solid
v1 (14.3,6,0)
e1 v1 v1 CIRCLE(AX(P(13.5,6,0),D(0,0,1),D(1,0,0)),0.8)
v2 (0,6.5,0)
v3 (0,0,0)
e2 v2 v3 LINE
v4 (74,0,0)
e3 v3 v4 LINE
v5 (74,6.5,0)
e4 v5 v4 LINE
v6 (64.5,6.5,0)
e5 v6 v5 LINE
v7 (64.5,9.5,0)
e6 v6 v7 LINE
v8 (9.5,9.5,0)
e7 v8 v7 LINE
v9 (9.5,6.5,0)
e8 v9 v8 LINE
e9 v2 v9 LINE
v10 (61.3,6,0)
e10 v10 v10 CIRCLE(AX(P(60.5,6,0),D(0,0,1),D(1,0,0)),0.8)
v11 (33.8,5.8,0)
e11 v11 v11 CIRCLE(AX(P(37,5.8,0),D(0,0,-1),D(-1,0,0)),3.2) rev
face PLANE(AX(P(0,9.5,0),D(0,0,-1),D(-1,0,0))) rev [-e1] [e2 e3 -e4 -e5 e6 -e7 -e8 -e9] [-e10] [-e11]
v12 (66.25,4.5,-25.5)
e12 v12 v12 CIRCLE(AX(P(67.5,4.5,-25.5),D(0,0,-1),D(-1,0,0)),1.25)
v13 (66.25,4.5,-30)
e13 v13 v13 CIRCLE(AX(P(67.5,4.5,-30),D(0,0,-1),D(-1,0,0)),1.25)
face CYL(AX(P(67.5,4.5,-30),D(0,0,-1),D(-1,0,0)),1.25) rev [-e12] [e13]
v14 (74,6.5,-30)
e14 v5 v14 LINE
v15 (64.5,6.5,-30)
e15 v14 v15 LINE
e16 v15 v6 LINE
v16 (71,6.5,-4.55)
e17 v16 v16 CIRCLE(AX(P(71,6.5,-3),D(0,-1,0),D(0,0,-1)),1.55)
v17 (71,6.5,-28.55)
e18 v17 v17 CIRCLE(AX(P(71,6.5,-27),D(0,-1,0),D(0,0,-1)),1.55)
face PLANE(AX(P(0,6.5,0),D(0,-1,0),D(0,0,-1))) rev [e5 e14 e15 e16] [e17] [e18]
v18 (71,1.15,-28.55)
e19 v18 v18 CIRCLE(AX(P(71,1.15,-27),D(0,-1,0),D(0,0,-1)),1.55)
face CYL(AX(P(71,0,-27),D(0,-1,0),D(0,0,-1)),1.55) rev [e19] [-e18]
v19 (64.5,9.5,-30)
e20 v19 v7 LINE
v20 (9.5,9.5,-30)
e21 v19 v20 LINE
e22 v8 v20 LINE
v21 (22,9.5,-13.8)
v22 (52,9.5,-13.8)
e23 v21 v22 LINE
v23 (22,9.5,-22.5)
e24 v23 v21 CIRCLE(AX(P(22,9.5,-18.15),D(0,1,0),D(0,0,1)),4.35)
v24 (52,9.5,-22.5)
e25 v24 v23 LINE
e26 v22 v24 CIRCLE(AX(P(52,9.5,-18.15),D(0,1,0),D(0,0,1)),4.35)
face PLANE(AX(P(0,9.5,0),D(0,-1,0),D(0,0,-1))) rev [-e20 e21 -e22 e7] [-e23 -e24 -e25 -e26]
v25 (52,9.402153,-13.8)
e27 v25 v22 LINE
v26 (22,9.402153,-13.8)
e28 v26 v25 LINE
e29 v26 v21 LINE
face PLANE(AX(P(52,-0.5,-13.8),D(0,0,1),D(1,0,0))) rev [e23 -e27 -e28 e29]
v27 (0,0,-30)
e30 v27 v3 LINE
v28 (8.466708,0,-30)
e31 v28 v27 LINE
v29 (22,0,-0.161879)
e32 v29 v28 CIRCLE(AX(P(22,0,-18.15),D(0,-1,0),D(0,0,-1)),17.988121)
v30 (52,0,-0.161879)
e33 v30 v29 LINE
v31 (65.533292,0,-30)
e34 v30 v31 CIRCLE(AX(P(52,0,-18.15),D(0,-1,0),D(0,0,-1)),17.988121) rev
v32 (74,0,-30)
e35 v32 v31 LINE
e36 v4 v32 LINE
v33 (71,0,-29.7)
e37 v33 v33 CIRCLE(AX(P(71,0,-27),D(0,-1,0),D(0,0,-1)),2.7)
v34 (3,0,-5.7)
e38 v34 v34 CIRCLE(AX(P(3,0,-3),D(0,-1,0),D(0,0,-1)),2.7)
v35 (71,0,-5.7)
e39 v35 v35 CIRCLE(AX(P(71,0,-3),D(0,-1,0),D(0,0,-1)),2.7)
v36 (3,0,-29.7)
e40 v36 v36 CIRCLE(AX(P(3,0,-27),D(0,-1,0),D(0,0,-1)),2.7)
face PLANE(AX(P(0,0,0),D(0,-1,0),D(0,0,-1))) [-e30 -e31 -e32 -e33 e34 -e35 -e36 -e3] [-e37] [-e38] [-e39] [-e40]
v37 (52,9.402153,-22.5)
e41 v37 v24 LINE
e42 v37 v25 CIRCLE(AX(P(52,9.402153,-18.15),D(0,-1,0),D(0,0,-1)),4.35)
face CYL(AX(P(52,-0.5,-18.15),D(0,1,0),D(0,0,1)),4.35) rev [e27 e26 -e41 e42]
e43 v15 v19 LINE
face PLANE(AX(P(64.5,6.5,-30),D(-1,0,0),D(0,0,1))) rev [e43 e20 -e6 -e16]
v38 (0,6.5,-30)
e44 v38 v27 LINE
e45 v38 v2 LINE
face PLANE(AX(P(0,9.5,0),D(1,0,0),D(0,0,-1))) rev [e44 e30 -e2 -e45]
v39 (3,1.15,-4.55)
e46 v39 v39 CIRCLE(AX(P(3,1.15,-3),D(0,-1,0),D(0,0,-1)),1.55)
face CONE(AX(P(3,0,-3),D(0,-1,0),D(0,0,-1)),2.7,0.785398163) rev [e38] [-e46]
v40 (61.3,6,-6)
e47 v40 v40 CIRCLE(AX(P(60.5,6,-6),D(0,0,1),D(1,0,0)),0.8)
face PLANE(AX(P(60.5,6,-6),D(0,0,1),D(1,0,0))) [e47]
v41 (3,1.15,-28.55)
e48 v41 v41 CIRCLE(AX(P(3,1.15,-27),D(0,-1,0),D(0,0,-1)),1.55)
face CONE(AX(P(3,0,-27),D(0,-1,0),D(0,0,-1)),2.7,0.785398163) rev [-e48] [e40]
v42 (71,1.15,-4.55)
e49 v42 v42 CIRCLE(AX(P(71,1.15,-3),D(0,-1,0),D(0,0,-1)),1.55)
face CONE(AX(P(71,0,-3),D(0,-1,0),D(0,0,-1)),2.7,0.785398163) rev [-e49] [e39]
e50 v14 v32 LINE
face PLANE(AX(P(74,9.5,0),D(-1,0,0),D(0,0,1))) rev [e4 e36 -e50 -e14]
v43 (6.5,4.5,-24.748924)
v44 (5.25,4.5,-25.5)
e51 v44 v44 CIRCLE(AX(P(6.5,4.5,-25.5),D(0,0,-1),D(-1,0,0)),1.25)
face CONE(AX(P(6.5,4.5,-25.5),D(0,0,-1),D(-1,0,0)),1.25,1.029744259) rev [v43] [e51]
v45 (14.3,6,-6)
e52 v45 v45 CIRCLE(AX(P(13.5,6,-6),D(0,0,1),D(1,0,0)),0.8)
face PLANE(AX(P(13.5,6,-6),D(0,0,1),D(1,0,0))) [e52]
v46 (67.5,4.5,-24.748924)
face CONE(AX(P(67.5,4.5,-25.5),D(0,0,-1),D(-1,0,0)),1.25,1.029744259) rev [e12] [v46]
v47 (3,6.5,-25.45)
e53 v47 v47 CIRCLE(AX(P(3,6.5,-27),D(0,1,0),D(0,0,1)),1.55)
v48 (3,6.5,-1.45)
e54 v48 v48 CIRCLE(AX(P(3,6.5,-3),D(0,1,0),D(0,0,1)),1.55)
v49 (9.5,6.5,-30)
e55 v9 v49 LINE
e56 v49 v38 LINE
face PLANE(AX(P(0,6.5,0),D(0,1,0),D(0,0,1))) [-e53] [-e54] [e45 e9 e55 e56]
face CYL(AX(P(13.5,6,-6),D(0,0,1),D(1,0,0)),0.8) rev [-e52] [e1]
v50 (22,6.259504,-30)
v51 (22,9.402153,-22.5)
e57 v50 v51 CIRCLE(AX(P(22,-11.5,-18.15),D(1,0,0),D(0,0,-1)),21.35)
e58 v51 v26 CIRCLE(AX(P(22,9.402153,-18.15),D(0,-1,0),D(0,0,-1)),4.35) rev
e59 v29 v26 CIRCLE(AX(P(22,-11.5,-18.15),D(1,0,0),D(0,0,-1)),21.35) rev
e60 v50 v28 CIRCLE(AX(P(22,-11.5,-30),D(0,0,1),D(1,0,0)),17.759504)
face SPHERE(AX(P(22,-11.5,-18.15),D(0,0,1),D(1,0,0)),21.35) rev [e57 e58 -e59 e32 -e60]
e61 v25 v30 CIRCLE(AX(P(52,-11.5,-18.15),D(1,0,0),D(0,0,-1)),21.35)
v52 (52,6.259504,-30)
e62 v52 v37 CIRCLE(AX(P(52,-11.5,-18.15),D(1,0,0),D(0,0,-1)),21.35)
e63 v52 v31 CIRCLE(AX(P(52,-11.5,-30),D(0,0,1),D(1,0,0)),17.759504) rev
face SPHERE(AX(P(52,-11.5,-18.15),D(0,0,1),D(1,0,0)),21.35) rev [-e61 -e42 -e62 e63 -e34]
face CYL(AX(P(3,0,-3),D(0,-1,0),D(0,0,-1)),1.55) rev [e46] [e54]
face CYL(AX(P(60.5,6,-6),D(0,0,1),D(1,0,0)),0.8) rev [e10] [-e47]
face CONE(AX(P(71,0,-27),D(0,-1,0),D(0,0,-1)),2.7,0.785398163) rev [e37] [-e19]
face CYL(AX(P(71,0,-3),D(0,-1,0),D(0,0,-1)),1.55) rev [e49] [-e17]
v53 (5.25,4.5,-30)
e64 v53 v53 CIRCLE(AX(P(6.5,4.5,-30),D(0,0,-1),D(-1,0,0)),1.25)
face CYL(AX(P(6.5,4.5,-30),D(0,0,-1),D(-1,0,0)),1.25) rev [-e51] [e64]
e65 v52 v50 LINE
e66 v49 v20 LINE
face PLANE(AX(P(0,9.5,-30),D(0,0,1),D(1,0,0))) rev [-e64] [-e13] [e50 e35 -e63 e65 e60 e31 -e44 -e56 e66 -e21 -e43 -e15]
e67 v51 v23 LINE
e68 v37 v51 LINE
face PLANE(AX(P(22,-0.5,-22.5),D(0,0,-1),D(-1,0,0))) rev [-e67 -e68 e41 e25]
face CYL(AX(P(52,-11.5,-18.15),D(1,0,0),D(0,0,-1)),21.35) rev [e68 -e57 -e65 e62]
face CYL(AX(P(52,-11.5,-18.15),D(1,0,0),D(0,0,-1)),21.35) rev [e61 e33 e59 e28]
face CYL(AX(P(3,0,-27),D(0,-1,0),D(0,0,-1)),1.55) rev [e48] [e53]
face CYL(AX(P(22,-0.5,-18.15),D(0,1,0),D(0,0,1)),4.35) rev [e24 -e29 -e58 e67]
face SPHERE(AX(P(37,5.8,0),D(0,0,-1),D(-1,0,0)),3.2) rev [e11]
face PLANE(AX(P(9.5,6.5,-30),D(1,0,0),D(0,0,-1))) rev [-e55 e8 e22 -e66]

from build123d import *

# Parameters (mm, degrees)
SKETCH1_W                                       = 74
SKETCH1_H                                       = 30
BOSS_EXTRUDE1_DEPTH                             = 9.5
SKETCH2_W                                       = 9.5
SKETCH2_H                                       = 30
CUT_EXTRUDE1_DEPTH                              = 3
CSK_FOR_M3_FLAT_HEAD_MACHINE_SCREW1_D           = 3.1
CSK_FOR_M3_FLAT_HEAD_MACHINE_SCREW1_CSINK_D     = 5.4
CSK_FOR_M3_FLAT_HEAD_MACHINE_SCREW1_CSINK_ANGLE = 90
SKETCH14_W                                      = 30
SKETCH14_H                                      = 21.35
SKETCH21_R                                      = 0.8
CUT_EXTRUDE2_DEPTH                              = 6
TAP_DRILL_FOR_M3X0_5_TAP1_D                     = 2.5
TAP_DRILL_FOR_M3X0_5_TAP1_DEPTH                 = 4.5
TAP_DRILL_FOR_M3X0_5_TAP1_TIP                   = 0.751075774
CUT_EXTRUDE3_DEPTH                              = 10


with BuildPart() as part:
    # Sketch1 → Boss-Extrude1 (new body)
    with BuildSketch(Plane(origin=(0, 0, 0), x_dir=(1, 0, 0), z_dir=(0, 1, 0))):
        with Locations((37, 15)):
            Rectangle(SKETCH1_W, SKETCH1_H)
    extrude(amount=BOSS_EXTRUDE1_DEPTH)

    # Sketch2 → Cut-Extrude1 (cut)
    with BuildSketch(Plane(origin=(0, 9.5, 0), x_dir=(1, 0, 0), z_dir=(0, 1, 0))):
        with Locations((69.25, 15)):
            Rectangle(SKETCH2_W, SKETCH2_H)
        with Locations((4.75, 15)):
            Rectangle(SKETCH2_W, SKETCH2_H)
    extrude(amount=-CUT_EXTRUDE1_DEPTH, mode=Mode.SUBTRACT)

    # CSK for M3 Flat Head Machine Screw1 (through all)
    with Locations(Plane(origin=(3, 0, -3), x_dir=(0, 0, -1), z_dir=(0, -1, 0))):
        with Locations((0, 0), (24, 0), (24, 68), (0, 68)):
            CounterSinkHole(CSK_FOR_M3_FLAT_HEAD_MACHINE_SCREW1_D / 2, CSK_FOR_M3_FLAT_HEAD_MACHINE_SCREW1_CSINK_D / 2, counter_sink_angle=CSK_FOR_M3_FLAT_HEAD_MACHINE_SCREW1_CSINK_ANGLE)

    # Sketch12 → Cut-Revolve5 (revolve, cut)
    with BuildSketch(Plane(origin=(0, -11.5, 0), x_dir=(-1, 0, 0), z_dir=(0, -1, 0))):
        with BuildLine():
            Line((-52, -3.2), (-52, 39.5))
            ThreePointArc((-52, 39.5), (-73.35, 18.15), (-52, -3.2))
        make_face()
    revolve(axis=Axis((52, -11.5, 3.2), (0, 0, -1)), mode=Mode.SUBTRACT)

    # Sketch12<8> → Cut-Revolve6 (revolve, cut)
    with BuildSketch(Plane(origin=(0, -11.5, 0), x_dir=(-1, 0, 0), z_dir=(0, -1, 0))):
        with BuildLine():
            Line((-22, -3.2), (-22, 39.5))
            ThreePointArc((-22, 39.5), (-0.65, 18.15), (-22, -3.2))
        make_face()
    revolve(axis=Axis((22, -11.5, 3.2), (0, 0, -1)), mode=Mode.SUBTRACT)

    # Sketch14 → Cut-Revolve7 (revolve, cut)
    with BuildSketch(Plane(origin=(0, -11.5, 0), x_dir=(-1, 0, 0), z_dir=(0, -1, 0))):
        with Locations((-37, 28.825)):
            Rectangle(SKETCH14_W, SKETCH14_H)
    revolve(axis=Axis((52, -11.5, -18.15), (-1, 0, 0)), mode=Mode.SUBTRACT)

    # Sketch20 one side → Cut-Revolve8 (revolve, cut)
    with BuildSketch(Plane.XY):
        with BuildLine():
            ThreePointArc((37, 9), (33.8, 5.8), (37, 2.6))
            Line((37, 2.6), (37, 9))
        make_face()
    revolve(axis=Axis((37, 9, 0), (0, -1, 0)), mode=Mode.SUBTRACT)

    # Sketch21 → Cut-Extrude2 (cut)
    with BuildSketch(Plane.XY):
        with Locations((13.5, 6)):
            Circle(SKETCH21_R)
        with Locations((60.5, 6)):
            Circle(SKETCH21_R)
    extrude(amount=-CUT_EXTRUDE2_DEPTH, mode=Mode.SUBTRACT)

    # Tap Drill for M3x0.5 Tap1
    with Locations(Plane(origin=(6.5, 4.5, -30), x_dir=(-1, 0, 0), z_dir=(0, 0, -1))):
        with Locations((0, 0), (-61, 0)):
            Hole(TAP_DRILL_FOR_M3X0_5_TAP1_D / 2, depth=TAP_DRILL_FOR_M3X0_5_TAP1_DEPTH)
            with Locations((0, 0, -(TAP_DRILL_FOR_M3X0_5_TAP1_DEPTH + TAP_DRILL_FOR_M3X0_5_TAP1_TIP / 2))):  # 118° drill point
                Cone(0, TAP_DRILL_FOR_M3X0_5_TAP1_D / 2, TAP_DRILL_FOR_M3X0_5_TAP1_TIP, mode=Mode.SUBTRACT)

    # Sketch26 → Cut-Extrude3 (cut)
    with BuildSketch(Plane(origin=(0, 9.5, 0), x_dir=(1, 0, 0), z_dir=(0, 1, 0))):
        with BuildLine():
            Line((52, 13.8), (22, 13.8))
            ThreePointArc((22, 13.8), (17.65, 18.15), (22, 22.5))
            Line((22, 22.5), (52, 22.5))
            ThreePointArc((52, 22.5), (56.35, 18.15), (52, 13.8))
        make_face()
    extrude(amount=-CUT_EXTRUDE3_DEPTH, mode=Mode.SUBTRACT)


solid = part.part
